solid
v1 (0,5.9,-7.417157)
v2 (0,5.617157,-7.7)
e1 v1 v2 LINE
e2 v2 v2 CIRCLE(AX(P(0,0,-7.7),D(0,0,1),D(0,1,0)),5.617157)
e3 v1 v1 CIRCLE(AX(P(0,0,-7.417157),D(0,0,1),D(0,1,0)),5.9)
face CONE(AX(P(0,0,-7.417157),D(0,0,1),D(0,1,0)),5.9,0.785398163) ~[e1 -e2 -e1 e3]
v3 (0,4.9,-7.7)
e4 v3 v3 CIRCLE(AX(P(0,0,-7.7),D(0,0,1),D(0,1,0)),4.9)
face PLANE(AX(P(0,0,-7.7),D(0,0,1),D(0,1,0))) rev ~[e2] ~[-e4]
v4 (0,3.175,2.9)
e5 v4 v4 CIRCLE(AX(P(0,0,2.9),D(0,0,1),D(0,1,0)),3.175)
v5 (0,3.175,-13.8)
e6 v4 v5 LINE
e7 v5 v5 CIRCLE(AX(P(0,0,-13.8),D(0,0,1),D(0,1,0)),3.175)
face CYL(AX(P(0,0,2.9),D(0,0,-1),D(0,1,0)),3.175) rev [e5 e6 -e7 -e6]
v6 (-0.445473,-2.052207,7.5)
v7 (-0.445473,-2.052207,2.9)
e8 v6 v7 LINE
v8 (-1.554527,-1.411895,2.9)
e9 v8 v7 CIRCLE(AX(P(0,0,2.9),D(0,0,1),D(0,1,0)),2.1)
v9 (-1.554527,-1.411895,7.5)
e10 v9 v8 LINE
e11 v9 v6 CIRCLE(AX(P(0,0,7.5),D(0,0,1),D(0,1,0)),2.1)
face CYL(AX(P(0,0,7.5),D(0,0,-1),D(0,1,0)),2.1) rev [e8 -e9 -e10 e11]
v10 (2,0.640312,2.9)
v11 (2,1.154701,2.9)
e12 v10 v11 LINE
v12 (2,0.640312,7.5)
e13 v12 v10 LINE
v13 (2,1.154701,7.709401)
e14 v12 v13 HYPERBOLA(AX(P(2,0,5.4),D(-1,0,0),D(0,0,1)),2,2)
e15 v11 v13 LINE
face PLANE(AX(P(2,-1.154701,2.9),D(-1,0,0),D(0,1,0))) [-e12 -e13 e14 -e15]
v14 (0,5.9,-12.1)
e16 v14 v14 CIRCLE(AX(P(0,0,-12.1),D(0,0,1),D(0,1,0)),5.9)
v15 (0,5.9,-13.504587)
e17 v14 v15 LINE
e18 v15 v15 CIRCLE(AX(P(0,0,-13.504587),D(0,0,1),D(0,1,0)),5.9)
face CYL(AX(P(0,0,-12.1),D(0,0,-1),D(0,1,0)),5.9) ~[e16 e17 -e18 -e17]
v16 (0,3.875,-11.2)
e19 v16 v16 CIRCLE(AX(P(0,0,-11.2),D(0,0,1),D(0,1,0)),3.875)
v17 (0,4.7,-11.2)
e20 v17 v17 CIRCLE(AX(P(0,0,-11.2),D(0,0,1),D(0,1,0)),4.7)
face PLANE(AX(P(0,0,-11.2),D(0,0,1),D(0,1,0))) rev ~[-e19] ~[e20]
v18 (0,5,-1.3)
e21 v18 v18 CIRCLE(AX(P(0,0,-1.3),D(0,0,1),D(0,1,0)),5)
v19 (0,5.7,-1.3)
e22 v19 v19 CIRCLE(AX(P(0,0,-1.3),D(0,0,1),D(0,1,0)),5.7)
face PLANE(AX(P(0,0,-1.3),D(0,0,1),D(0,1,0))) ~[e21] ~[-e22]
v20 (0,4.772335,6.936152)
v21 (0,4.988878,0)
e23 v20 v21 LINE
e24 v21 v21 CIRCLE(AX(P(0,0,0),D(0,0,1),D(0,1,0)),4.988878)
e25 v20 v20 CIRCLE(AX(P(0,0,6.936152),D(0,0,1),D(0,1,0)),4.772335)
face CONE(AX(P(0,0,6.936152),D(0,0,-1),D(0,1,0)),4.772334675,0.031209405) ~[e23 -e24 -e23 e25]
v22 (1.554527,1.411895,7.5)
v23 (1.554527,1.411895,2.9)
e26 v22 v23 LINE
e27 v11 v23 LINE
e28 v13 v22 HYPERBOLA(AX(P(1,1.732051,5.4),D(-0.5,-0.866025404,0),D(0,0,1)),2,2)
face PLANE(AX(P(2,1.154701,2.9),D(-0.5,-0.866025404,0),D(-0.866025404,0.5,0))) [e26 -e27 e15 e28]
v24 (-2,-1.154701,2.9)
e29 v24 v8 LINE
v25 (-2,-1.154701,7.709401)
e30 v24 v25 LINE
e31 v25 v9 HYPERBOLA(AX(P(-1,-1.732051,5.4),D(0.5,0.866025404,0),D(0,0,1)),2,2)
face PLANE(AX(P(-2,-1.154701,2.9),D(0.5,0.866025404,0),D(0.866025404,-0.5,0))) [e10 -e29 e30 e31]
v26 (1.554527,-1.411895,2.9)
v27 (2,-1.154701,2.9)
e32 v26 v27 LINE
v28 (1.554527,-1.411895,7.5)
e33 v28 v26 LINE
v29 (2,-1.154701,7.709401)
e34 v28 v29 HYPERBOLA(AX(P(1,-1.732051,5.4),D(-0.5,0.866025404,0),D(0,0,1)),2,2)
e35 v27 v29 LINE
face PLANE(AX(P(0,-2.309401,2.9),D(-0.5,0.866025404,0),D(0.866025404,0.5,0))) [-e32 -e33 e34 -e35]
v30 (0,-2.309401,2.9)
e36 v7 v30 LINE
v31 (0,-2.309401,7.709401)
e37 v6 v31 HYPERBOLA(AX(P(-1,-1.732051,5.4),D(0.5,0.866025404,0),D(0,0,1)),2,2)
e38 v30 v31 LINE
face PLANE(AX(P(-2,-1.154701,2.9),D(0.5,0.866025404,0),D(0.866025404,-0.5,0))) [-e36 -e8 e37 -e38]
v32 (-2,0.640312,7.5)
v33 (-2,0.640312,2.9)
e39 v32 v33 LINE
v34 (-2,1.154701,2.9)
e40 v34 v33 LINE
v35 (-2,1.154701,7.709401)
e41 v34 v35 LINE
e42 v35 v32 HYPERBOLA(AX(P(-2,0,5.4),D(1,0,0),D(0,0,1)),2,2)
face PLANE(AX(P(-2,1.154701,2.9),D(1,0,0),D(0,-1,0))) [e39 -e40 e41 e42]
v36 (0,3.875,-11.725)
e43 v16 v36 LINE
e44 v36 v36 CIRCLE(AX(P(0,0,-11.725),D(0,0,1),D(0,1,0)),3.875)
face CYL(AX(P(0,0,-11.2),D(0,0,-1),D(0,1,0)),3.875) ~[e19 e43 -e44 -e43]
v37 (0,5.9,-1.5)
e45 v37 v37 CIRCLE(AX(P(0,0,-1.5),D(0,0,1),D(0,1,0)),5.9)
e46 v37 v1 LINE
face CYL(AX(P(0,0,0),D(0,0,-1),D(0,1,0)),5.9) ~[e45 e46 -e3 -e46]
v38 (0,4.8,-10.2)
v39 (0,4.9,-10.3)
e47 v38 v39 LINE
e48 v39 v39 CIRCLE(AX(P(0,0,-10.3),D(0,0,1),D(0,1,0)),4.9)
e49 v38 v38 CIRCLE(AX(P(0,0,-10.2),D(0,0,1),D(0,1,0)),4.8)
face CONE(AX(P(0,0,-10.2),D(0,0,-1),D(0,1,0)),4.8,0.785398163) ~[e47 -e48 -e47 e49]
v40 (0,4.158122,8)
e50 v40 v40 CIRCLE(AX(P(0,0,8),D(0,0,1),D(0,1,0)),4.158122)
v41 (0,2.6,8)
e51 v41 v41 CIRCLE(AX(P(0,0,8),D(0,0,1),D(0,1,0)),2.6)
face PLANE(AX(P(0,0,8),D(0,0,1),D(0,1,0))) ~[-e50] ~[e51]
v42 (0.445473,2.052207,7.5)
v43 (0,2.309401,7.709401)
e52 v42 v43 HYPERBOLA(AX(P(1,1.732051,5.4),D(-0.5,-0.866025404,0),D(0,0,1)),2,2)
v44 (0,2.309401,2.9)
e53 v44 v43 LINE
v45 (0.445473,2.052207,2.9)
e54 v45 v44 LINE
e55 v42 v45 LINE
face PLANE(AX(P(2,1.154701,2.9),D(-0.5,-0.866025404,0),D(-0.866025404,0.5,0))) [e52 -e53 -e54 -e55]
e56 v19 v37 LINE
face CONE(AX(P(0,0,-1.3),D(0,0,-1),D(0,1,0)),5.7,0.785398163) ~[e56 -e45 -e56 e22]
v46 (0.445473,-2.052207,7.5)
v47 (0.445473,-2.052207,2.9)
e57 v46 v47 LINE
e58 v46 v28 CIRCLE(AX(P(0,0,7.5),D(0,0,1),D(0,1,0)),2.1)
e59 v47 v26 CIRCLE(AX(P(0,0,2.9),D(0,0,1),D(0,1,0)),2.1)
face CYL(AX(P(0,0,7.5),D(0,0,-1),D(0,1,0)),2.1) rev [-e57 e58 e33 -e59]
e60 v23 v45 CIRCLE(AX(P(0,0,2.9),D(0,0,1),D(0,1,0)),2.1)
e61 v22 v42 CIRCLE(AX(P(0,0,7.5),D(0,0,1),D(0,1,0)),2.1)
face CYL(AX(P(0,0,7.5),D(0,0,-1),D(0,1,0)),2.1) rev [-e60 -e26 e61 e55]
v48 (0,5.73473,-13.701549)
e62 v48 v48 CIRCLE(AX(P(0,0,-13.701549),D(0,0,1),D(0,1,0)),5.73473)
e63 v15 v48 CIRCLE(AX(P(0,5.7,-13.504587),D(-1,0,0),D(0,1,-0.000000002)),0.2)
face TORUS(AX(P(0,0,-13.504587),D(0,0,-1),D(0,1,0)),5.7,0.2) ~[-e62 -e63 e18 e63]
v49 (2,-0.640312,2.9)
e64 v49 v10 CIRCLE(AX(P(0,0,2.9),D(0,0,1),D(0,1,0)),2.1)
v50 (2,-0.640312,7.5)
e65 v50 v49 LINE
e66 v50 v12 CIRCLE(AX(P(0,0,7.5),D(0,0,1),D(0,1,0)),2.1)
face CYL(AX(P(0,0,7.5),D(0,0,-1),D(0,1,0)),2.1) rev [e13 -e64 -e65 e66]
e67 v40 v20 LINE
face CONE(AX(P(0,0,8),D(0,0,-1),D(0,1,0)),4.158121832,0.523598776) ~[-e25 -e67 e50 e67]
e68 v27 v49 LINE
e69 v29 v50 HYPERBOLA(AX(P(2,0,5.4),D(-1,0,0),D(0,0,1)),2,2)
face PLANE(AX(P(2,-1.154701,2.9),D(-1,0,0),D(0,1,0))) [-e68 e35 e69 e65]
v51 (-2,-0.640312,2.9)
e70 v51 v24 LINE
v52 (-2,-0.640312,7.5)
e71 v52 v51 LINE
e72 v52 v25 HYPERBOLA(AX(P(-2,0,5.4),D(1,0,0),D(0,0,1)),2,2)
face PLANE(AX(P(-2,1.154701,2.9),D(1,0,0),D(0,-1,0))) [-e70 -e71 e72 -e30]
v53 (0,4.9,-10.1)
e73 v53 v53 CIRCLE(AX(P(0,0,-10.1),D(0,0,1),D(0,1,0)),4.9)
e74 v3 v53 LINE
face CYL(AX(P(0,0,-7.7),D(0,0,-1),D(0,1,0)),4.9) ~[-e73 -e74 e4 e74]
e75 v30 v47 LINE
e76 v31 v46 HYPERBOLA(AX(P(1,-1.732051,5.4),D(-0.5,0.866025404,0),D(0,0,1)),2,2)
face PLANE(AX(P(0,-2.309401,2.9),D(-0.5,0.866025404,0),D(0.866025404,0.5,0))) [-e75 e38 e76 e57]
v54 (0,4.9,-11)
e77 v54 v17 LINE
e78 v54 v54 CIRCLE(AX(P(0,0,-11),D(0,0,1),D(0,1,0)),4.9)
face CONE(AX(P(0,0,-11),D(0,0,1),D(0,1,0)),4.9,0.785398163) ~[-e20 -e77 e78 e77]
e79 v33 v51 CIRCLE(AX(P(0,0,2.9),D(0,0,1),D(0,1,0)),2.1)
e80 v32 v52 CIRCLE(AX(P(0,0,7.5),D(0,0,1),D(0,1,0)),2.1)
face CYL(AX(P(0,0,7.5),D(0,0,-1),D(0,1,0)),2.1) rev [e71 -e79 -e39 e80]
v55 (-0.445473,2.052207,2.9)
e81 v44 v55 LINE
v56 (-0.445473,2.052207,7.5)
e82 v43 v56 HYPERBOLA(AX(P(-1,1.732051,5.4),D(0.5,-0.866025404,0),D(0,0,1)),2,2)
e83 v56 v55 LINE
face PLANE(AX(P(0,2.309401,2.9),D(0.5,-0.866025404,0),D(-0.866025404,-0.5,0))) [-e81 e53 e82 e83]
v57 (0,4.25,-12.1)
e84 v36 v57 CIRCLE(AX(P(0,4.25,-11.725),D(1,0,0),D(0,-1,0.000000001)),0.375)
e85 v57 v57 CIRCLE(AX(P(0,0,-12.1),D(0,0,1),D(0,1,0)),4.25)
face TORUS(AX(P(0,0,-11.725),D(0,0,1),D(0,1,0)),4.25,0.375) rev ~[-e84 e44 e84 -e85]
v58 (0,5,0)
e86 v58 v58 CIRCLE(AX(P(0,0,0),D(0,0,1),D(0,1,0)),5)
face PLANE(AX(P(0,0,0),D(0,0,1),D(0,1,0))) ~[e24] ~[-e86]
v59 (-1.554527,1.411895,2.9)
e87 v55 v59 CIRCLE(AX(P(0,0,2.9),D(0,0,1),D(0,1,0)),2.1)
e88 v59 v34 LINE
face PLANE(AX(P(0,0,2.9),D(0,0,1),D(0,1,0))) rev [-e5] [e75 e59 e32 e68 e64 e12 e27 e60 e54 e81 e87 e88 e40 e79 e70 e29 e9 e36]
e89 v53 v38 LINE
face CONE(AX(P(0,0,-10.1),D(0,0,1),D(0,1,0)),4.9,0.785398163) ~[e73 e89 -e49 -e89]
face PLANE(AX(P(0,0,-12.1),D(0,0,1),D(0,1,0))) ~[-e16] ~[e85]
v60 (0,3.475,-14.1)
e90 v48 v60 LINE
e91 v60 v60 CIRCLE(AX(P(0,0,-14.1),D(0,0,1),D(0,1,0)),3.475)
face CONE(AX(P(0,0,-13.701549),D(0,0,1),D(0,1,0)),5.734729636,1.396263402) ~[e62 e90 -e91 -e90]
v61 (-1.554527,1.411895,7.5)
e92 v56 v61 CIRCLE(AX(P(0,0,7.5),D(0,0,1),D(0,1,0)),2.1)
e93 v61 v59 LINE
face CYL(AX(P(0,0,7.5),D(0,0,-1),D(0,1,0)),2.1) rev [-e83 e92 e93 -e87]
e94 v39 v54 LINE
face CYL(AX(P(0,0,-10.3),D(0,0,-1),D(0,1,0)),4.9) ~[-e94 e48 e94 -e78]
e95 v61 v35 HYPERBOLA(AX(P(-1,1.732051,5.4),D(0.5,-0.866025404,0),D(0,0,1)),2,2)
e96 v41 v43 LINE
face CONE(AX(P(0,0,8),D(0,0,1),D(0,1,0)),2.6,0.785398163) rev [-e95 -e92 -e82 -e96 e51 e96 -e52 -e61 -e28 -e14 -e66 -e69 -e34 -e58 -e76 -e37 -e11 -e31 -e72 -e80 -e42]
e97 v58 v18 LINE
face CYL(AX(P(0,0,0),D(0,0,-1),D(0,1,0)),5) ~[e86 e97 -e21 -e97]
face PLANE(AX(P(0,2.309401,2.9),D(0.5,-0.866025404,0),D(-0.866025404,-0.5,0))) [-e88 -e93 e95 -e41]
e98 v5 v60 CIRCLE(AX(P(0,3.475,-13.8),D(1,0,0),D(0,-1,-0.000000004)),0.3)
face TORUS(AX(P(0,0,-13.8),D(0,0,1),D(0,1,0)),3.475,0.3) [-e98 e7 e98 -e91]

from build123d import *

# Parameters (mm, degrees)
CUT_EXTRUDE1_DEPTH = 5.1


with BuildPart() as part:
    # Sketch1 → Revolve1 (revolve)
    with BuildSketch(Plane(origin=(0, 0, 0), x_dir=(0, 0, -1), z_dir=(1, 0, 0))):
        with BuildLine():
            Line((0, 0), (0, 5.9))
            Line((0, 5.9), (7.417157288, 5.9))
            Line((7.417157288, 5.9), (7.7, 5.617157288))
            Line((7.7, 5.617157288), (7.7, 4.9))
            Line((7.7, 4.9), (10.1, 4.9))
            Line((10.1, 4.9), (10.2, 4.8))
            Line((10.2, 4.8), (10.3, 4.9))
            Line((10.3, 4.9), (11, 4.9))
            Line((11, 4.9), (11.2, 4.7))
            Line((11.2, 4.7), (11.2, 3.875))
            Line((11.2, 3.875), (11.725, 3.875))
            ThreePointArc((11.725, 3.875), (11.990165043, 3.984834957), (12.1, 4.25))
            Line((12.1, 4.25), (12.1, 5.9))
            Line((12.1, 5.9), (13.504587146, 5.9))
            ThreePointArc((13.504587146, 5.9), (13.633144667, 5.853208889), (13.701548696, 5.734729636))
            Line((13.701548696, 5.734729636), (14.1, 3.475))
            Line((14.1, 3.475), (14.1, 0))
            Line((14.1, 0), (0, 0))
        make_face()
    revolve(axis=Axis((0, 0, -14.1), (0, 0, 1)))

    # Sketch2 → Revolve2 (revolve)
    with BuildSketch(Plane(origin=(0, 0, 0), x_dir=(0, 0, -1), z_dir=(1, 0, 0))):
        Polygon((-8, 0), (-8, 4.158121832), (-6.93615215, 4.772334675), (0, 4.988878168), (0, 0), align=None)
    revolve(axis=Axis((0, 0, 0), (0, 0, 1)))

    # Sketch3 → Cut-Revolve1 (revolve, cut)
    with BuildSketch(Plane(origin=(0, 0, 0), x_dir=(0, 0, -1), z_dir=(1, 0, 0))):
        Polygon((0, 5.9), (0, 5), (1.3, 5), (1.3, 5.7), (1.5, 5.9), align=None)
    revolve(axis=Axis((0, 0, -50), (0, 0, 1)), mode=Mode.SUBTRACT)

    # Sketch4 → Cut-Revolve2 (revolve, cut)
    with BuildSketch(Plane(origin=(0, 0, 0), x_dir=(0, 0, -1), z_dir=(1, 0, 0))):
        with BuildLine():
            Line((-8, 0), (-8, 2.6))
            Line((-8, 2.6), (-7.5, 2.1))
            Line((-7.5, 2.1), (-2.9, 2.1))
            Line((-2.9, 2.1), (-2.9, 3.175))
            Line((-2.9, 3.175), (13.8, 3.175))
            ThreePointArc((13.8, 3.175), (14.012132034, 3.262867966), (14.1, 3.475))
            Line((14.1, 3.475), (14.1, 0))
            Line((14.1, 0), (-8, 0))
        make_face()
    revolve(axis=Axis((0, 0, -14.1), (0, 0, 1)), mode=Mode.SUBTRACT)

    # Sketch5 → Cut-Extrude1 (cut)
    with BuildSketch(Plane.XY.offset(2.9)):
        Polygon((-2, -1.154700538), (0, -2.309401077), (2, -1.154700538), (2, 1.154700538), (0, 2.309401077), (-2, 1.154700538), align=None)
    extrude(amount=CUT_EXTRUDE1_DEPTH, mode=Mode.SUBTRACT)


solid = part.part
